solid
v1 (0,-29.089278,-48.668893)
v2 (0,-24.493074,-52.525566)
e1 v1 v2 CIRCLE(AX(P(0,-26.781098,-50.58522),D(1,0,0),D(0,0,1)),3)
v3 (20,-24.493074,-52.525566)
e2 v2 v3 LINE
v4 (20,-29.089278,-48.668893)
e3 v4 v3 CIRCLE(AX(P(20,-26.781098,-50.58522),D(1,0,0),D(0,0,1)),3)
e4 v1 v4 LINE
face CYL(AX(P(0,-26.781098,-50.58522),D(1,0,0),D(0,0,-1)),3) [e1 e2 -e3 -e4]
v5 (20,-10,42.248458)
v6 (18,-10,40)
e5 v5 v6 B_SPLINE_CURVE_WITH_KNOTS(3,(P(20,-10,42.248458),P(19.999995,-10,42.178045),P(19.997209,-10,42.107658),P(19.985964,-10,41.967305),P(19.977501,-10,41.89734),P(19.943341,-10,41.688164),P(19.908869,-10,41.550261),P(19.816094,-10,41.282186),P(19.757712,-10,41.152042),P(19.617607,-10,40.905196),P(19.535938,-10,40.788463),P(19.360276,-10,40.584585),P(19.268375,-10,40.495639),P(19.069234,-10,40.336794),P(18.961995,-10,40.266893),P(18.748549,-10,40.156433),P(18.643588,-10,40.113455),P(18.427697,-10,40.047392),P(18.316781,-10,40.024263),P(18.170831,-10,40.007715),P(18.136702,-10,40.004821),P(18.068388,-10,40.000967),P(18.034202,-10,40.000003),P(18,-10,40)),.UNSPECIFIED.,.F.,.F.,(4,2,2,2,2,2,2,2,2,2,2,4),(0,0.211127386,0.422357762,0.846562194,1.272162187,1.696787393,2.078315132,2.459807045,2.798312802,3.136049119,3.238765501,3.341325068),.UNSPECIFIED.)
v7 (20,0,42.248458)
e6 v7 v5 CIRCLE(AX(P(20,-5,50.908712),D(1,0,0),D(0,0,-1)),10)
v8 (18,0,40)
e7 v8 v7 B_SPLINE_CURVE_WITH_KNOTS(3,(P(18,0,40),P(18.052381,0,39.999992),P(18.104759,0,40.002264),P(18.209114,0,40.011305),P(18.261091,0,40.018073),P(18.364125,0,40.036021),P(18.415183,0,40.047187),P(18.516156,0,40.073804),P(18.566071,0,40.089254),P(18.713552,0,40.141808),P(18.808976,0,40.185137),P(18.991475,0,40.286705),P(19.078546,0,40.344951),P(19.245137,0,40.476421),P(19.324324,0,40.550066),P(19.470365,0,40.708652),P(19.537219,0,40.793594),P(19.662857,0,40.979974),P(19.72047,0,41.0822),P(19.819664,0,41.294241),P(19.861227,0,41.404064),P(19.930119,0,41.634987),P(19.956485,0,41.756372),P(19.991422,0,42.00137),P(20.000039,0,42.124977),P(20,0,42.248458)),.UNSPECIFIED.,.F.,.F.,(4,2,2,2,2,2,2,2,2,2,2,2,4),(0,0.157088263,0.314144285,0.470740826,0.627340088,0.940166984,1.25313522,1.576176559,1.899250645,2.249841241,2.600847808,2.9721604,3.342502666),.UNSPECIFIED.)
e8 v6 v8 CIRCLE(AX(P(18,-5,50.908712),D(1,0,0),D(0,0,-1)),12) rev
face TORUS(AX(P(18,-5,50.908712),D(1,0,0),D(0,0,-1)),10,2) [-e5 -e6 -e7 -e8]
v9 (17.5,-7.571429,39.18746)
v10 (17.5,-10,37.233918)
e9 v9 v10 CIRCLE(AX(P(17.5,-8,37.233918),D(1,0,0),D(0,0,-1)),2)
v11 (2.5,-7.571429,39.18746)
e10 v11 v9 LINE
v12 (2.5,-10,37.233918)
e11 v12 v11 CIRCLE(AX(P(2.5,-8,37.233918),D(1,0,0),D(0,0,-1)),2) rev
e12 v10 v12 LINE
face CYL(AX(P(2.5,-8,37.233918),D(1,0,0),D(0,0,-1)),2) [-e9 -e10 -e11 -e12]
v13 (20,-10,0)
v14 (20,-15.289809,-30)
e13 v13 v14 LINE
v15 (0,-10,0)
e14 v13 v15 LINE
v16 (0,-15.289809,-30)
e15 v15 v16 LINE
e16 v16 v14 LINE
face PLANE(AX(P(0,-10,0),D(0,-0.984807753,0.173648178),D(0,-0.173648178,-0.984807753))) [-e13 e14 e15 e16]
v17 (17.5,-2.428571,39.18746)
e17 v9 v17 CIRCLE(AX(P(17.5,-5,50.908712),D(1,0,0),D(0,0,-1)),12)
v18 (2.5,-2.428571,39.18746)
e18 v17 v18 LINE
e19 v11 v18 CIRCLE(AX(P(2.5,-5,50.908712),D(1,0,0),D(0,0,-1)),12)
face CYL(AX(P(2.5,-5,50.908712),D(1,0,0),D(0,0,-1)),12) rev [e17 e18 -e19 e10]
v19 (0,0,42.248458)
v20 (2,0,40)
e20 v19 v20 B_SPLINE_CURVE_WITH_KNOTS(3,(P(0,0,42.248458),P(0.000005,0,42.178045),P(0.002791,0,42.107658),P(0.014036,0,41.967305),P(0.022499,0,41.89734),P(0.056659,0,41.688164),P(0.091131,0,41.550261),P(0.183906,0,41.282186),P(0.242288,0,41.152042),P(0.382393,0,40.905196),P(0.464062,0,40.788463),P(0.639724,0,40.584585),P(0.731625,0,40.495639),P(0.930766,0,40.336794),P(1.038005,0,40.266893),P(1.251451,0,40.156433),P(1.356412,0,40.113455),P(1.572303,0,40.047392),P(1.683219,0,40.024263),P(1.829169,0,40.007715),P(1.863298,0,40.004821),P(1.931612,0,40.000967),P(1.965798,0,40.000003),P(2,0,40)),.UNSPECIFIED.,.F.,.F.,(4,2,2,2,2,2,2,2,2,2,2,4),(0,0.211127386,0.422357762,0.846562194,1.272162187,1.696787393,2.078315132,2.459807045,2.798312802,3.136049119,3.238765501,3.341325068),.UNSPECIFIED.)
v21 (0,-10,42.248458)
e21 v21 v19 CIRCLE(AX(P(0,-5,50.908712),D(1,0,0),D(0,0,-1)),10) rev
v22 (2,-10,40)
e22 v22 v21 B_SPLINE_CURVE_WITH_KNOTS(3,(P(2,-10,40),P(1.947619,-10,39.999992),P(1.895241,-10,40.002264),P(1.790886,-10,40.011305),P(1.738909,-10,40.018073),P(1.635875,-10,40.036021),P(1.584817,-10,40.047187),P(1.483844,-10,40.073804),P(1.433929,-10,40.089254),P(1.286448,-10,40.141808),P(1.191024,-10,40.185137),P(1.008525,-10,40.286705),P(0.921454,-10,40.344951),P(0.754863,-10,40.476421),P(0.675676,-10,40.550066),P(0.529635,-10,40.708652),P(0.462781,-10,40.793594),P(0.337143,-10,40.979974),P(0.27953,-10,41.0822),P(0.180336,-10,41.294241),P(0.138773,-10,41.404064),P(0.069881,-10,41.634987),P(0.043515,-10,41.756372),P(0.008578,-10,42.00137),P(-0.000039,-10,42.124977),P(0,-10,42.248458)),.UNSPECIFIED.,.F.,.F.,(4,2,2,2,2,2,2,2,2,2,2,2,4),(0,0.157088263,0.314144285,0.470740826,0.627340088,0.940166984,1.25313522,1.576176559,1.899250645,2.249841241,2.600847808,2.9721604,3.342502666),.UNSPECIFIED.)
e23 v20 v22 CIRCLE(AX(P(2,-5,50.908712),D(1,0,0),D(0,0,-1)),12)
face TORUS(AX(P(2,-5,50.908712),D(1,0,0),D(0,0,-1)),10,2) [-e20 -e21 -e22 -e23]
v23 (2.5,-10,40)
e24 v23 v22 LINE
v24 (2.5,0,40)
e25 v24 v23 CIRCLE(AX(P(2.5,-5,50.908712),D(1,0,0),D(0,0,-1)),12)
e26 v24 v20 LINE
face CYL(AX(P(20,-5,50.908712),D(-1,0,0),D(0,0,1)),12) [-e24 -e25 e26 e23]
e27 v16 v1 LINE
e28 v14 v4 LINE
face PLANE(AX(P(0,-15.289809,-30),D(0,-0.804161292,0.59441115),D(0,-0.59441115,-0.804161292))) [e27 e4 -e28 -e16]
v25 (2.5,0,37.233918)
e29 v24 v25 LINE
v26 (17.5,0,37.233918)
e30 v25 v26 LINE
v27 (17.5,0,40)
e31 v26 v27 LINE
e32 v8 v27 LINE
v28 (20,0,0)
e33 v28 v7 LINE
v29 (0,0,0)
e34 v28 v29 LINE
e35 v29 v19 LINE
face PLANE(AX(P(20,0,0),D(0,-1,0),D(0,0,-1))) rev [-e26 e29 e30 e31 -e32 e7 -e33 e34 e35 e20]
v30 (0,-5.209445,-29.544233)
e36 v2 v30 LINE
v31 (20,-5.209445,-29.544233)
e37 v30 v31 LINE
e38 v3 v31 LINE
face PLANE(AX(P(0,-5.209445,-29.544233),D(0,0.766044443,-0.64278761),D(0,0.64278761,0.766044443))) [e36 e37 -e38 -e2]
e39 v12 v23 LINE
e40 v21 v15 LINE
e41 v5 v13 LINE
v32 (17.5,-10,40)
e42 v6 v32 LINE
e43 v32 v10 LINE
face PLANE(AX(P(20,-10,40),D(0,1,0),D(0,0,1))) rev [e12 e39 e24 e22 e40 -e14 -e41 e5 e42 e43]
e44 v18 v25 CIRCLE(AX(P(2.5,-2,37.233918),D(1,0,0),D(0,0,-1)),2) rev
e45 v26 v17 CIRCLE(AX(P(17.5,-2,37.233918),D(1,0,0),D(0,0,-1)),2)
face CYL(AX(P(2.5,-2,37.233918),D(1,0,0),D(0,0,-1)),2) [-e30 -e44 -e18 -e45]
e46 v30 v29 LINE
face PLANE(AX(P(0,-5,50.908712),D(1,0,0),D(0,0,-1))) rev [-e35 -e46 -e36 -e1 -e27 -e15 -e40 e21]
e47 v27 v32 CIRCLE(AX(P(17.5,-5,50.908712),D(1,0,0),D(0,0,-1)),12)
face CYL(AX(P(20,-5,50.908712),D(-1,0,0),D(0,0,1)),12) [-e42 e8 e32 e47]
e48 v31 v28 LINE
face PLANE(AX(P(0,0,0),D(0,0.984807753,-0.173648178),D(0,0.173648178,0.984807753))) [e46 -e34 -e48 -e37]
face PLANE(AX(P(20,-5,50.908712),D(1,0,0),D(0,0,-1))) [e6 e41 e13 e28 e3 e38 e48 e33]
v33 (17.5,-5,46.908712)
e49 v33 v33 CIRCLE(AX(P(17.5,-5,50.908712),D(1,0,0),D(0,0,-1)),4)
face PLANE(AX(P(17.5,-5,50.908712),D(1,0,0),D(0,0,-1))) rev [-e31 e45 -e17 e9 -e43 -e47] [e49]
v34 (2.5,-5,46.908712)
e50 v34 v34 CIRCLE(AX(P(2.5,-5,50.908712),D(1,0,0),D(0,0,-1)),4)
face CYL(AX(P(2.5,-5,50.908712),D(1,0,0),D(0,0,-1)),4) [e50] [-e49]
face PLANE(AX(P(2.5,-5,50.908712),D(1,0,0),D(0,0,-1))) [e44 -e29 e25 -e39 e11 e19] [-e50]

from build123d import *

# Parameters (mm, degrees)
BOSS_EXTRUDE1_DEPTH = 20
CUT_EXTRUDE1_START  = -2.5
SKETCH2_R           = 12
SKETCH2_R_2         = 4
CUT_EXTRUDE1_DEPTH  = 15
FILLET1_R           = 2
BOSS_EXTRUDE2_DEPTH = 20


with BuildPart() as part:
    # Sketch1 → Boss-Extrude1 (new body)
    with BuildSketch(Plane(origin=(0, 0, 0), x_dir=(0, 0, -1), z_dir=(1, 0, 0))):
        with BuildLine():
            Line((0, 0), (-40, 0))
            ThreePointArc((-40, 0), (-62.908712115, -5), (-40, -10))
            Line((-40, -10), (0, -10))
            Line((0, -10), (0, 0))
        make_face()
    extrude(amount=BOSS_EXTRUDE1_DEPTH)

    # Sketch2 → Cut-Extrude1 (cut)
    with BuildSketch(Plane(origin=(20, 0, 0), x_dir=(0, 0, -1), z_dir=(1, 0, 0)).offset(CUT_EXTRUDE1_START)):
        with Locations((-50.908712115, -5)):
            Circle(SKETCH2_R)
        with Locations((-50.908712115, -5)):
            Circle(SKETCH2_R_2, mode=Mode.SUBTRACT)
    extrude(amount=-CUT_EXTRUDE1_DEPTH, mode=Mode.SUBTRACT)

    # Fillet1
    fillet1_edges = [part.edges().sort_by_distance(p)[0] for p in [
        (0, -5, 62.908712115),
        (20, -5, 62.908712115),
        (10, -10, 40),
        (10, 0, 40),
    ]]
    fillet(fillet1_edges, radius=FILLET1_R)

    # Sketch3 → Boss-Extrude2 (add)
    with BuildSketch(Plane(origin=(20, 0, 0), x_dir=(0, 0, -1), z_dir=(1, 0, 0))):
        with BuildLine():
            Line((0, 0), (29.54423259, -5.20944533))
            Line((29.54423259, -5.20944533), (52.525565884, -24.493073621))
            ThreePointArc((52.525565884, -24.493073621), (52.883353103, -28.709461138), (48.668892888, -29.089277519))
            Line((48.668892888, -29.089277519), (30, -15.289809421))
            Line((30, -15.289809421), (0, -10))
            Line((0, -10), (0, 0))
        make_face()
    extrude(amount=-BOSS_EXTRUDE2_DEPTH)


solid = part.part
